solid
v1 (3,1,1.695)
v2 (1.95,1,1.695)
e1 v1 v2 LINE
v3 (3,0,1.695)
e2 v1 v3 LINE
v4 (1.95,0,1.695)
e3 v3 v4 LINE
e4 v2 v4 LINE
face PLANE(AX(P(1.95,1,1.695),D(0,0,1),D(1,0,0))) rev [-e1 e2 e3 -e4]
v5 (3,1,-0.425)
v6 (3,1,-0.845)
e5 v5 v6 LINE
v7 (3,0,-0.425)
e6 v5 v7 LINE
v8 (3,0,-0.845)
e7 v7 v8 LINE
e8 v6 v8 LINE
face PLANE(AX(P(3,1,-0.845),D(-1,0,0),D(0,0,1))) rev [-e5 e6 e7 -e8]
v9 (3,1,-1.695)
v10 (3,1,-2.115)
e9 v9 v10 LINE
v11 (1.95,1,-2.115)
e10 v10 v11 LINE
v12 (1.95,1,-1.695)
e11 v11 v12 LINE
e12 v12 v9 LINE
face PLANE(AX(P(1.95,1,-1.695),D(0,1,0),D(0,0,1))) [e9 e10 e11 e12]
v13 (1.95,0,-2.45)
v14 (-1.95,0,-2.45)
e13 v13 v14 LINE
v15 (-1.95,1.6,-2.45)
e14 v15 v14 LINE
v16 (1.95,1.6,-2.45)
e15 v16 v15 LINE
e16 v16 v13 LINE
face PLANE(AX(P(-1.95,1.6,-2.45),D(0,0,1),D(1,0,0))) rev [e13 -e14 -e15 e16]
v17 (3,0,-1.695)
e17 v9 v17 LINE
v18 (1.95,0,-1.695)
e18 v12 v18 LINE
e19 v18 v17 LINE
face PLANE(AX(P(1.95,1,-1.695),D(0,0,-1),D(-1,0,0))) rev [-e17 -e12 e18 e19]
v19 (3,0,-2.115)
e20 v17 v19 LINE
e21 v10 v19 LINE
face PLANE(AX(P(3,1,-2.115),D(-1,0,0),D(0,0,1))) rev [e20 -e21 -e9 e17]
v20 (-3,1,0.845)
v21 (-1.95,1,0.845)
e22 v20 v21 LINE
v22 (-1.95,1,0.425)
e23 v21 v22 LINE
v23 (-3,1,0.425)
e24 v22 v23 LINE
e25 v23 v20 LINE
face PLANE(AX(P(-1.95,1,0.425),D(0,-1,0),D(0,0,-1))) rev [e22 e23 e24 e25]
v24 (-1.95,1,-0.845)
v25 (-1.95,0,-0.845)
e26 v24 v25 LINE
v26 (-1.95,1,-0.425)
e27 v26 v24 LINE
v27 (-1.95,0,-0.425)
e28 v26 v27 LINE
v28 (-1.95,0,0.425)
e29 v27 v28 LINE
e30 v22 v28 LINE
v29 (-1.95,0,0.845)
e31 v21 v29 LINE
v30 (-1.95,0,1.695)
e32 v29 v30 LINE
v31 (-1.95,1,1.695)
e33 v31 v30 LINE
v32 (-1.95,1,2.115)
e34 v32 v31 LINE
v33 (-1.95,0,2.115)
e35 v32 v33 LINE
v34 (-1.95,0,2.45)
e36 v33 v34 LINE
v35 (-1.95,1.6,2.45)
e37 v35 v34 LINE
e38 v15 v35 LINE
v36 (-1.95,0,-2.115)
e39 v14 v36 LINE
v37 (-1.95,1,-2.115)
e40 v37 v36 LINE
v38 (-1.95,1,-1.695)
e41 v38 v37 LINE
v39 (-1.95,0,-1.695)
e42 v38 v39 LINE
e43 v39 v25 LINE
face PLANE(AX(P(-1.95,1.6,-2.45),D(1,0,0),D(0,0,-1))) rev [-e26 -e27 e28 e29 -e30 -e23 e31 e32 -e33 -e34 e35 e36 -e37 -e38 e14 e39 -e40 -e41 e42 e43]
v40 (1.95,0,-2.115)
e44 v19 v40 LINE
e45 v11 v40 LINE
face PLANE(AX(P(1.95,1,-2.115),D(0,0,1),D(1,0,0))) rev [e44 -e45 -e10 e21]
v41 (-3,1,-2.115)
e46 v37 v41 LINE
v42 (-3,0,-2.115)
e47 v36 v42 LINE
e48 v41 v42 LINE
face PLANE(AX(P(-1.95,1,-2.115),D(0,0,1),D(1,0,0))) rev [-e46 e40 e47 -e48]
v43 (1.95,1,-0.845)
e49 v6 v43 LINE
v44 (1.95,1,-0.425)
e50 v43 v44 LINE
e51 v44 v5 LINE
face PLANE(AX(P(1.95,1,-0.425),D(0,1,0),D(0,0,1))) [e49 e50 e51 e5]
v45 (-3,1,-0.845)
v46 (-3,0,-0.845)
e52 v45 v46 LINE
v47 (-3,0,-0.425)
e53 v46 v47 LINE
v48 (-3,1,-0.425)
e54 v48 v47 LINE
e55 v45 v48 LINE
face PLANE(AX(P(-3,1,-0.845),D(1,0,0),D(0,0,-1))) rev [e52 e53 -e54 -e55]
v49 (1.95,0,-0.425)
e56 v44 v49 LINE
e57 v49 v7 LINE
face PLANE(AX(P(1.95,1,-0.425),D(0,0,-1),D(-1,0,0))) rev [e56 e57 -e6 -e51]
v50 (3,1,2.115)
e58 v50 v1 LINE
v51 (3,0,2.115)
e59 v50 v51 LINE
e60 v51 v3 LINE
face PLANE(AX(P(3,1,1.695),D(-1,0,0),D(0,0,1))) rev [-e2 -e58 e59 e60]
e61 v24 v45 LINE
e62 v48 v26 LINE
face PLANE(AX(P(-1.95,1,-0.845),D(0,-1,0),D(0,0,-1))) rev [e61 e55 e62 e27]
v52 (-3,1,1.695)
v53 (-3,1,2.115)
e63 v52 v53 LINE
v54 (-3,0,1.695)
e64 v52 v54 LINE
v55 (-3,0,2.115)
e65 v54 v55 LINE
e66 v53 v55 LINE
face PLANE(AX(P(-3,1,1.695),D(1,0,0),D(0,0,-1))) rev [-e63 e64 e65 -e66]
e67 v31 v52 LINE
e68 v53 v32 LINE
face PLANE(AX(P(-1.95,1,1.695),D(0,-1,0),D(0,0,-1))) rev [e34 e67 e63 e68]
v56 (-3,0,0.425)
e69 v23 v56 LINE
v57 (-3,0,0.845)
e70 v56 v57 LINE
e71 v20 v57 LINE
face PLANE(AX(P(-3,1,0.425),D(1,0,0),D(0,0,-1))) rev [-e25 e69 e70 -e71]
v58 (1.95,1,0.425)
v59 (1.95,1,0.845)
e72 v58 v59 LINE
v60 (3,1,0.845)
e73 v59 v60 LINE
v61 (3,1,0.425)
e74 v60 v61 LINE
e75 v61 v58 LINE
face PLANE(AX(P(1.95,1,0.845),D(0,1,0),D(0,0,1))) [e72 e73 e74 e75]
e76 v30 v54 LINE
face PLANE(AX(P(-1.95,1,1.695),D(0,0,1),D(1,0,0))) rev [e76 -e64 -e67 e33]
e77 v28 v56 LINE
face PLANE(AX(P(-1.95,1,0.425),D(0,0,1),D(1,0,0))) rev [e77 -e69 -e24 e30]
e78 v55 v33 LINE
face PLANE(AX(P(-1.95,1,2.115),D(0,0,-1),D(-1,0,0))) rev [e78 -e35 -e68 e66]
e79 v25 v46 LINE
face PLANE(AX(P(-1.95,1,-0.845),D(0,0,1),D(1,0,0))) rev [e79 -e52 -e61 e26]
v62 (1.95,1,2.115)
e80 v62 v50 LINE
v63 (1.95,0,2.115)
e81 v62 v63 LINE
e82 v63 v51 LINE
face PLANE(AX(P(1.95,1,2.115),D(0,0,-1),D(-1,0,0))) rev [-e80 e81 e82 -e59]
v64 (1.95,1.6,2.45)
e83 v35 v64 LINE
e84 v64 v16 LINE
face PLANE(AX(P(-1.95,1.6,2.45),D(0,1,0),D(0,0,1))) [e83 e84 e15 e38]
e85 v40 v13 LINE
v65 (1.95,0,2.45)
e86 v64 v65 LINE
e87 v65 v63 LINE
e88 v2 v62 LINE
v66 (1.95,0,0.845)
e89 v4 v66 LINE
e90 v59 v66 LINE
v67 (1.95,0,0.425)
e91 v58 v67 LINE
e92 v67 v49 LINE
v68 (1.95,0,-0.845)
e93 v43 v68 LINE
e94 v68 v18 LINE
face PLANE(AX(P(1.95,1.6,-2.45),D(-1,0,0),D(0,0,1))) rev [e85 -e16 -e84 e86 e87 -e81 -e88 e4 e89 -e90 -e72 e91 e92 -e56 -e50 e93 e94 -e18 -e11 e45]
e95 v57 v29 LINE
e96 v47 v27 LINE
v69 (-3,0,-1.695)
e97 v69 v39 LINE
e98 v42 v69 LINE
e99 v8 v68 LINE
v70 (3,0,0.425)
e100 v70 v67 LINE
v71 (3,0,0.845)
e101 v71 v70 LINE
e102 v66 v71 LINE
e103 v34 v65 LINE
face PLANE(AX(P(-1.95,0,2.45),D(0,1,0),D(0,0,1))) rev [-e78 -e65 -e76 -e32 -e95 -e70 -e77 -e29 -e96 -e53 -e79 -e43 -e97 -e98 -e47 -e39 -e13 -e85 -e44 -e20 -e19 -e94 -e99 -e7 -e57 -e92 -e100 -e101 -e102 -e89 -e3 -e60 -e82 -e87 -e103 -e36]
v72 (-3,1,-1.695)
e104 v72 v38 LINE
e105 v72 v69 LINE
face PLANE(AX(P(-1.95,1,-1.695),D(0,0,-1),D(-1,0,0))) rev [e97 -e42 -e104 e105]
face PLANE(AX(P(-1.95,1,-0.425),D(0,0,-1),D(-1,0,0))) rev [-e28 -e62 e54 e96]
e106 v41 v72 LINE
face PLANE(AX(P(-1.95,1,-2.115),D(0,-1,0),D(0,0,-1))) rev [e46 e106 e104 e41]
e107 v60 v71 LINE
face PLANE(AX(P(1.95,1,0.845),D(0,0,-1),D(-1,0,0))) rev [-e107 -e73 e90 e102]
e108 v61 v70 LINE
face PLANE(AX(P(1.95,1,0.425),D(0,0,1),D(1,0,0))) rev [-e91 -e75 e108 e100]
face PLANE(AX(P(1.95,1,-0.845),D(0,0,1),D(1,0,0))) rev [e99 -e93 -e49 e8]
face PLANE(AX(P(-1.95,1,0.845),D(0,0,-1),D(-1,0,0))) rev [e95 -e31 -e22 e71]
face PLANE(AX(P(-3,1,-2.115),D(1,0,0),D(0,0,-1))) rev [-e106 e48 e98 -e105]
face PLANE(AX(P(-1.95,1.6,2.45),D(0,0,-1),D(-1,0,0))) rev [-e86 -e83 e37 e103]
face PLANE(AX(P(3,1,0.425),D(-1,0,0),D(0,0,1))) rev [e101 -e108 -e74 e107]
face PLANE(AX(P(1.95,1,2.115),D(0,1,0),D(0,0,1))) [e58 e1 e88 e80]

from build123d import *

# Parameters (mm, degrees)
SKETCH1_W      = 3.9
SKETCH1_H      = 4.9
EXTRUDE1_DEPTH = 1.6
SKETCH2_W      = 1.05
SKETCH2_H      = 0.42
EXTRUDE2_DEPTH = 1


with BuildPart() as part:
    # Sketch1 → Extrude1 (new body)
    with BuildSketch(Plane(origin=(0, 0, 0), x_dir=(1, 0, 0), z_dir=(0, 1, 0))):
        Rectangle(SKETCH1_W, SKETCH1_H)
    extrude(amount=EXTRUDE1_DEPTH)

    # Sketch2 → Extrude2 (add)
    with BuildSketch(Plane(origin=(0, 0, 0), x_dir=(1, 0, 0), z_dir=(0, 1, 0))):
        with Locations((-2.475, 1.905)):
            Rectangle(SKETCH2_W, SKETCH2_H)
        with Locations((-2.475, 0.635)):
            Rectangle(SKETCH2_W, SKETCH2_H)
        with Locations((-2.475, -0.635)):
            Rectangle(SKETCH2_W, SKETCH2_H)
        with Locations((-2.475, -1.905)):
            Rectangle(SKETCH2_W, SKETCH2_H)
        with Locations((2.475, -1.905)):
            Rectangle(SKETCH2_W, SKETCH2_H)
        with Locations((2.475, -0.635)):
            Rectangle(SKETCH2_W, SKETCH2_H)
        with Locations((2.475, 0.635)):
            Rectangle(SKETCH2_W, SKETCH2_H)
        with Locations((2.475, 1.905)):
            Rectangle(SKETCH2_W, SKETCH2_H)
    extrude(amount=EXTRUDE2_DEPTH)


solid = part.part
